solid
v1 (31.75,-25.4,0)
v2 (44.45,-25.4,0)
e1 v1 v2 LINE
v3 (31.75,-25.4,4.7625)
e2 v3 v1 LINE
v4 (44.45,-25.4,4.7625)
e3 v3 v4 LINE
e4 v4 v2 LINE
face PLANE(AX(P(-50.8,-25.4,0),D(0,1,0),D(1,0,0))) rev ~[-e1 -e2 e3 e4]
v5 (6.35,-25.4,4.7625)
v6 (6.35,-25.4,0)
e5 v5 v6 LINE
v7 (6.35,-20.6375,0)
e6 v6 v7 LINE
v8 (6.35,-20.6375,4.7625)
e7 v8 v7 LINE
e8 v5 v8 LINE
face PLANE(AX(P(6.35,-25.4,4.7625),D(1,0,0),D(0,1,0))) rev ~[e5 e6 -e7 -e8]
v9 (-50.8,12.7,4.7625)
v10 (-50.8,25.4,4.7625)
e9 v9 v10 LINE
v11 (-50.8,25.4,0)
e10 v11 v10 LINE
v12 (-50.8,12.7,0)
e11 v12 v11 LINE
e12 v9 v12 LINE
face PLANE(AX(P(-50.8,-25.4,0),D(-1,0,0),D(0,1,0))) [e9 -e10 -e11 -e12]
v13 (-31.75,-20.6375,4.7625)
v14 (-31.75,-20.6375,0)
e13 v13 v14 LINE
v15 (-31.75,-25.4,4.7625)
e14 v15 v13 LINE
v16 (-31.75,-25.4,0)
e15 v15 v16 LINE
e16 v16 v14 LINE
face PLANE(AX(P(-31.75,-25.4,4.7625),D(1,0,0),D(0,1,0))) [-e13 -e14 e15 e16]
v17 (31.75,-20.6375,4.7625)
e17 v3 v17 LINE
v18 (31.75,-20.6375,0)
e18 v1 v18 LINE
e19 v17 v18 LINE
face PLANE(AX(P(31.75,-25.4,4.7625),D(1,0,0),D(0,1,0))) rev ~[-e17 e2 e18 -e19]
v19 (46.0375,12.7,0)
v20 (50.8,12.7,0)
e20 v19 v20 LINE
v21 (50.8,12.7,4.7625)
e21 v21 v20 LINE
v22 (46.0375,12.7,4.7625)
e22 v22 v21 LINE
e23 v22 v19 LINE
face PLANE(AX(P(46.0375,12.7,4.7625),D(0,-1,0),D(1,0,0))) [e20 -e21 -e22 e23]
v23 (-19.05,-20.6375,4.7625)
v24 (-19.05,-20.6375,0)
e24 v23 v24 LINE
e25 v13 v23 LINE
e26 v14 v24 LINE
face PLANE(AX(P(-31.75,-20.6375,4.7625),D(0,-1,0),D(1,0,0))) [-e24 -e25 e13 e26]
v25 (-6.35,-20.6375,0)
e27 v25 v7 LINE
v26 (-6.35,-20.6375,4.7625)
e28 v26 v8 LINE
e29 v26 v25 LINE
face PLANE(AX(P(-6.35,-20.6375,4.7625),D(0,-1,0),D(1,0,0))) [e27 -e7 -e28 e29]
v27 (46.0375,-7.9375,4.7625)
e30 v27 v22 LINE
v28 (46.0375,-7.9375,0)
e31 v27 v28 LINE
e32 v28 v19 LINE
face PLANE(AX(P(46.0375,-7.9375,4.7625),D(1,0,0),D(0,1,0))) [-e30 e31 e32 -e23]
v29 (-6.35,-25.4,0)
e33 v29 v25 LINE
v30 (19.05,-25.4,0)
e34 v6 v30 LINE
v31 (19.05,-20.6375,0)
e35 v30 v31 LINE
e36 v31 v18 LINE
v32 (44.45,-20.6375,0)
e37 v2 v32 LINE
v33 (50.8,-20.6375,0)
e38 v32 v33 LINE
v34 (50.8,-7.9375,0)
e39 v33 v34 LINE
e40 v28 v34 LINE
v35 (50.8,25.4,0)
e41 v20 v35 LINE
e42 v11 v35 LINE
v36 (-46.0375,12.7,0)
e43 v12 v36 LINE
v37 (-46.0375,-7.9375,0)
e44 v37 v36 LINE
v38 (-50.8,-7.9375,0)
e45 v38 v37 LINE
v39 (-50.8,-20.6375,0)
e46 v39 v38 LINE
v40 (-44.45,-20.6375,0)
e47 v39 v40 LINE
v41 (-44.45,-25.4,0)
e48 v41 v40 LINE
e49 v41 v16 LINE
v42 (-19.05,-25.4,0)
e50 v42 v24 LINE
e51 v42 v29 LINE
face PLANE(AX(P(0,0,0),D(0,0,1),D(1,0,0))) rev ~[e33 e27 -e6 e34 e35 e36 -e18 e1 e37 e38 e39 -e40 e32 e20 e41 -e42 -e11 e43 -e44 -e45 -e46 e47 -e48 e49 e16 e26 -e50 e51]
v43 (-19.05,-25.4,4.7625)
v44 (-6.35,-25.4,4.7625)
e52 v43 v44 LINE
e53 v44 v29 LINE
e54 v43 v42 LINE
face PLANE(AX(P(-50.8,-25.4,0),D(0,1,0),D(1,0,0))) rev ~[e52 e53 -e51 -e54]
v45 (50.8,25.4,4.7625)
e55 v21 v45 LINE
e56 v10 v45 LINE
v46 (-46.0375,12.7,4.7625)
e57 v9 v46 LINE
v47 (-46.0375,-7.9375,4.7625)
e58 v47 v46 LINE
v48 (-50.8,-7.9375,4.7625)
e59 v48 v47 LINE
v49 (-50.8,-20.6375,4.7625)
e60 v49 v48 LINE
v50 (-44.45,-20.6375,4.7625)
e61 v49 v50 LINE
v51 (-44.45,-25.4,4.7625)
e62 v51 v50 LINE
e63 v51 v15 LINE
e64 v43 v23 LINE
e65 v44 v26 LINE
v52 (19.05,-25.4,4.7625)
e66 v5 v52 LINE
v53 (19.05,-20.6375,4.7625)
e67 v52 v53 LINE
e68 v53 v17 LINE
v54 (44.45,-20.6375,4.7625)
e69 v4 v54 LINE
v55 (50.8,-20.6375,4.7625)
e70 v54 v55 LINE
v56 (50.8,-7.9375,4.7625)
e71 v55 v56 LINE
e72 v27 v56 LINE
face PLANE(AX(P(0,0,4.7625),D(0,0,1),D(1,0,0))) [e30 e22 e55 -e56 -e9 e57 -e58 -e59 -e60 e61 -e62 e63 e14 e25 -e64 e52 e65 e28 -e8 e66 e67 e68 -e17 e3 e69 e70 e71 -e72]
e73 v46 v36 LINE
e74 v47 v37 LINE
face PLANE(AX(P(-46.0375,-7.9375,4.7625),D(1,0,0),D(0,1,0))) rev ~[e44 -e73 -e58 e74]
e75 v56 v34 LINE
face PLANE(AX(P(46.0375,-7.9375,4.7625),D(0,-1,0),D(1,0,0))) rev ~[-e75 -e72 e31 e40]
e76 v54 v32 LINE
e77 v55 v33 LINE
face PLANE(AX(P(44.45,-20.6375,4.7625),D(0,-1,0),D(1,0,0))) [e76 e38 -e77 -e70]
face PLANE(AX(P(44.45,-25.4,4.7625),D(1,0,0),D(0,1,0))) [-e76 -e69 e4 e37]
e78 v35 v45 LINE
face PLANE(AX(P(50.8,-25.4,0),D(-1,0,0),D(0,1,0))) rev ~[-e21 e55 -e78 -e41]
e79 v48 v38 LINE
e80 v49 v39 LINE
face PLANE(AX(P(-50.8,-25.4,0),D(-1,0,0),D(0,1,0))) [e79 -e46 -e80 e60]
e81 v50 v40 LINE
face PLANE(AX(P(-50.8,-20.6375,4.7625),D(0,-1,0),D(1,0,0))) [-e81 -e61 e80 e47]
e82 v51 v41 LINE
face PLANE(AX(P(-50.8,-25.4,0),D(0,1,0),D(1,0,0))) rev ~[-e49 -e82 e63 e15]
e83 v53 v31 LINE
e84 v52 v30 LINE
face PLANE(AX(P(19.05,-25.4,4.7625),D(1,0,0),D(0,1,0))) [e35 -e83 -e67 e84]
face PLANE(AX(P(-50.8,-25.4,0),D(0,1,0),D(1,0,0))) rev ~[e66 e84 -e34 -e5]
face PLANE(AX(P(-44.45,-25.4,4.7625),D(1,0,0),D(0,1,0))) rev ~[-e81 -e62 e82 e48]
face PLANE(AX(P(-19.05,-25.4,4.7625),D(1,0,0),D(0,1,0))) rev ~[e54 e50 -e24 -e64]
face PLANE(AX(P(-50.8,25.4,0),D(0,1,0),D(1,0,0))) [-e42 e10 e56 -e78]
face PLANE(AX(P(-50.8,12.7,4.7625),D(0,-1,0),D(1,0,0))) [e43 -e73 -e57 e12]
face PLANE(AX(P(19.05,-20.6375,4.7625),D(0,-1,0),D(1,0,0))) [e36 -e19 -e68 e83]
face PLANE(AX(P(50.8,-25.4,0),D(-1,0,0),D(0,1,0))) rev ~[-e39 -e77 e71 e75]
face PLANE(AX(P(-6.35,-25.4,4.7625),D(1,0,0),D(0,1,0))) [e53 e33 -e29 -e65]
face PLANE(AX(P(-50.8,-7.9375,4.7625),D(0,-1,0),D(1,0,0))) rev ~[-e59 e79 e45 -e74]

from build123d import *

# Parameters (mm, degrees)
F0_W     = 101.6
F0_H     = 50.8
F1_DEPTH = 4.7625
F2_W     = 6.35
F2_H     = 4.7625
F2_W_2   = 12.7
F3_DEPTH = 25.4
F4_W     = 4.7625
F4_H     = 20.6375
F5_DEPTH = 25.4


with BuildPart() as f1:
    # F0 (on Top) → F1 (new body)
    with BuildSketch(Plane.XY):
        Rectangle(F0_W, F0_H)
    extrude(amount=F1_DEPTH)

    # F2 (on face) → F3 (cut)
    with BuildSketch(Plane.XY.offset(4.7625)):
        with Locations((-47.625, -23.01875)):
            Rectangle(F2_W, F2_H)
        with Locations((-25.4, -23.01875)):
            Rectangle(F2_W_2, F2_H)
        with Locations((0, -23.01875)):
            Rectangle(F2_W_2, F2_H)
        with Locations((25.4, -23.01875)):
            Rectangle(F2_W_2, F2_H)
        with Locations((47.625, -23.01875)):
            Rectangle(F2_W, F2_H)
    extrude(amount=-F3_DEPTH, mode=Mode.SUBTRACT)

    # F4 (on face) → F5 (cut)
    with BuildSketch(Plane.XY.offset(4.7625)):
        with Locations((-48.41875, 2.38125)):
            Rectangle(F4_W, F4_H)
        with Locations((48.41875, 2.38125)):
            Rectangle(F4_W, F4_H)
    extrude(amount=-F5_DEPTH, mode=Mode.SUBTRACT)


solid = f1.part
